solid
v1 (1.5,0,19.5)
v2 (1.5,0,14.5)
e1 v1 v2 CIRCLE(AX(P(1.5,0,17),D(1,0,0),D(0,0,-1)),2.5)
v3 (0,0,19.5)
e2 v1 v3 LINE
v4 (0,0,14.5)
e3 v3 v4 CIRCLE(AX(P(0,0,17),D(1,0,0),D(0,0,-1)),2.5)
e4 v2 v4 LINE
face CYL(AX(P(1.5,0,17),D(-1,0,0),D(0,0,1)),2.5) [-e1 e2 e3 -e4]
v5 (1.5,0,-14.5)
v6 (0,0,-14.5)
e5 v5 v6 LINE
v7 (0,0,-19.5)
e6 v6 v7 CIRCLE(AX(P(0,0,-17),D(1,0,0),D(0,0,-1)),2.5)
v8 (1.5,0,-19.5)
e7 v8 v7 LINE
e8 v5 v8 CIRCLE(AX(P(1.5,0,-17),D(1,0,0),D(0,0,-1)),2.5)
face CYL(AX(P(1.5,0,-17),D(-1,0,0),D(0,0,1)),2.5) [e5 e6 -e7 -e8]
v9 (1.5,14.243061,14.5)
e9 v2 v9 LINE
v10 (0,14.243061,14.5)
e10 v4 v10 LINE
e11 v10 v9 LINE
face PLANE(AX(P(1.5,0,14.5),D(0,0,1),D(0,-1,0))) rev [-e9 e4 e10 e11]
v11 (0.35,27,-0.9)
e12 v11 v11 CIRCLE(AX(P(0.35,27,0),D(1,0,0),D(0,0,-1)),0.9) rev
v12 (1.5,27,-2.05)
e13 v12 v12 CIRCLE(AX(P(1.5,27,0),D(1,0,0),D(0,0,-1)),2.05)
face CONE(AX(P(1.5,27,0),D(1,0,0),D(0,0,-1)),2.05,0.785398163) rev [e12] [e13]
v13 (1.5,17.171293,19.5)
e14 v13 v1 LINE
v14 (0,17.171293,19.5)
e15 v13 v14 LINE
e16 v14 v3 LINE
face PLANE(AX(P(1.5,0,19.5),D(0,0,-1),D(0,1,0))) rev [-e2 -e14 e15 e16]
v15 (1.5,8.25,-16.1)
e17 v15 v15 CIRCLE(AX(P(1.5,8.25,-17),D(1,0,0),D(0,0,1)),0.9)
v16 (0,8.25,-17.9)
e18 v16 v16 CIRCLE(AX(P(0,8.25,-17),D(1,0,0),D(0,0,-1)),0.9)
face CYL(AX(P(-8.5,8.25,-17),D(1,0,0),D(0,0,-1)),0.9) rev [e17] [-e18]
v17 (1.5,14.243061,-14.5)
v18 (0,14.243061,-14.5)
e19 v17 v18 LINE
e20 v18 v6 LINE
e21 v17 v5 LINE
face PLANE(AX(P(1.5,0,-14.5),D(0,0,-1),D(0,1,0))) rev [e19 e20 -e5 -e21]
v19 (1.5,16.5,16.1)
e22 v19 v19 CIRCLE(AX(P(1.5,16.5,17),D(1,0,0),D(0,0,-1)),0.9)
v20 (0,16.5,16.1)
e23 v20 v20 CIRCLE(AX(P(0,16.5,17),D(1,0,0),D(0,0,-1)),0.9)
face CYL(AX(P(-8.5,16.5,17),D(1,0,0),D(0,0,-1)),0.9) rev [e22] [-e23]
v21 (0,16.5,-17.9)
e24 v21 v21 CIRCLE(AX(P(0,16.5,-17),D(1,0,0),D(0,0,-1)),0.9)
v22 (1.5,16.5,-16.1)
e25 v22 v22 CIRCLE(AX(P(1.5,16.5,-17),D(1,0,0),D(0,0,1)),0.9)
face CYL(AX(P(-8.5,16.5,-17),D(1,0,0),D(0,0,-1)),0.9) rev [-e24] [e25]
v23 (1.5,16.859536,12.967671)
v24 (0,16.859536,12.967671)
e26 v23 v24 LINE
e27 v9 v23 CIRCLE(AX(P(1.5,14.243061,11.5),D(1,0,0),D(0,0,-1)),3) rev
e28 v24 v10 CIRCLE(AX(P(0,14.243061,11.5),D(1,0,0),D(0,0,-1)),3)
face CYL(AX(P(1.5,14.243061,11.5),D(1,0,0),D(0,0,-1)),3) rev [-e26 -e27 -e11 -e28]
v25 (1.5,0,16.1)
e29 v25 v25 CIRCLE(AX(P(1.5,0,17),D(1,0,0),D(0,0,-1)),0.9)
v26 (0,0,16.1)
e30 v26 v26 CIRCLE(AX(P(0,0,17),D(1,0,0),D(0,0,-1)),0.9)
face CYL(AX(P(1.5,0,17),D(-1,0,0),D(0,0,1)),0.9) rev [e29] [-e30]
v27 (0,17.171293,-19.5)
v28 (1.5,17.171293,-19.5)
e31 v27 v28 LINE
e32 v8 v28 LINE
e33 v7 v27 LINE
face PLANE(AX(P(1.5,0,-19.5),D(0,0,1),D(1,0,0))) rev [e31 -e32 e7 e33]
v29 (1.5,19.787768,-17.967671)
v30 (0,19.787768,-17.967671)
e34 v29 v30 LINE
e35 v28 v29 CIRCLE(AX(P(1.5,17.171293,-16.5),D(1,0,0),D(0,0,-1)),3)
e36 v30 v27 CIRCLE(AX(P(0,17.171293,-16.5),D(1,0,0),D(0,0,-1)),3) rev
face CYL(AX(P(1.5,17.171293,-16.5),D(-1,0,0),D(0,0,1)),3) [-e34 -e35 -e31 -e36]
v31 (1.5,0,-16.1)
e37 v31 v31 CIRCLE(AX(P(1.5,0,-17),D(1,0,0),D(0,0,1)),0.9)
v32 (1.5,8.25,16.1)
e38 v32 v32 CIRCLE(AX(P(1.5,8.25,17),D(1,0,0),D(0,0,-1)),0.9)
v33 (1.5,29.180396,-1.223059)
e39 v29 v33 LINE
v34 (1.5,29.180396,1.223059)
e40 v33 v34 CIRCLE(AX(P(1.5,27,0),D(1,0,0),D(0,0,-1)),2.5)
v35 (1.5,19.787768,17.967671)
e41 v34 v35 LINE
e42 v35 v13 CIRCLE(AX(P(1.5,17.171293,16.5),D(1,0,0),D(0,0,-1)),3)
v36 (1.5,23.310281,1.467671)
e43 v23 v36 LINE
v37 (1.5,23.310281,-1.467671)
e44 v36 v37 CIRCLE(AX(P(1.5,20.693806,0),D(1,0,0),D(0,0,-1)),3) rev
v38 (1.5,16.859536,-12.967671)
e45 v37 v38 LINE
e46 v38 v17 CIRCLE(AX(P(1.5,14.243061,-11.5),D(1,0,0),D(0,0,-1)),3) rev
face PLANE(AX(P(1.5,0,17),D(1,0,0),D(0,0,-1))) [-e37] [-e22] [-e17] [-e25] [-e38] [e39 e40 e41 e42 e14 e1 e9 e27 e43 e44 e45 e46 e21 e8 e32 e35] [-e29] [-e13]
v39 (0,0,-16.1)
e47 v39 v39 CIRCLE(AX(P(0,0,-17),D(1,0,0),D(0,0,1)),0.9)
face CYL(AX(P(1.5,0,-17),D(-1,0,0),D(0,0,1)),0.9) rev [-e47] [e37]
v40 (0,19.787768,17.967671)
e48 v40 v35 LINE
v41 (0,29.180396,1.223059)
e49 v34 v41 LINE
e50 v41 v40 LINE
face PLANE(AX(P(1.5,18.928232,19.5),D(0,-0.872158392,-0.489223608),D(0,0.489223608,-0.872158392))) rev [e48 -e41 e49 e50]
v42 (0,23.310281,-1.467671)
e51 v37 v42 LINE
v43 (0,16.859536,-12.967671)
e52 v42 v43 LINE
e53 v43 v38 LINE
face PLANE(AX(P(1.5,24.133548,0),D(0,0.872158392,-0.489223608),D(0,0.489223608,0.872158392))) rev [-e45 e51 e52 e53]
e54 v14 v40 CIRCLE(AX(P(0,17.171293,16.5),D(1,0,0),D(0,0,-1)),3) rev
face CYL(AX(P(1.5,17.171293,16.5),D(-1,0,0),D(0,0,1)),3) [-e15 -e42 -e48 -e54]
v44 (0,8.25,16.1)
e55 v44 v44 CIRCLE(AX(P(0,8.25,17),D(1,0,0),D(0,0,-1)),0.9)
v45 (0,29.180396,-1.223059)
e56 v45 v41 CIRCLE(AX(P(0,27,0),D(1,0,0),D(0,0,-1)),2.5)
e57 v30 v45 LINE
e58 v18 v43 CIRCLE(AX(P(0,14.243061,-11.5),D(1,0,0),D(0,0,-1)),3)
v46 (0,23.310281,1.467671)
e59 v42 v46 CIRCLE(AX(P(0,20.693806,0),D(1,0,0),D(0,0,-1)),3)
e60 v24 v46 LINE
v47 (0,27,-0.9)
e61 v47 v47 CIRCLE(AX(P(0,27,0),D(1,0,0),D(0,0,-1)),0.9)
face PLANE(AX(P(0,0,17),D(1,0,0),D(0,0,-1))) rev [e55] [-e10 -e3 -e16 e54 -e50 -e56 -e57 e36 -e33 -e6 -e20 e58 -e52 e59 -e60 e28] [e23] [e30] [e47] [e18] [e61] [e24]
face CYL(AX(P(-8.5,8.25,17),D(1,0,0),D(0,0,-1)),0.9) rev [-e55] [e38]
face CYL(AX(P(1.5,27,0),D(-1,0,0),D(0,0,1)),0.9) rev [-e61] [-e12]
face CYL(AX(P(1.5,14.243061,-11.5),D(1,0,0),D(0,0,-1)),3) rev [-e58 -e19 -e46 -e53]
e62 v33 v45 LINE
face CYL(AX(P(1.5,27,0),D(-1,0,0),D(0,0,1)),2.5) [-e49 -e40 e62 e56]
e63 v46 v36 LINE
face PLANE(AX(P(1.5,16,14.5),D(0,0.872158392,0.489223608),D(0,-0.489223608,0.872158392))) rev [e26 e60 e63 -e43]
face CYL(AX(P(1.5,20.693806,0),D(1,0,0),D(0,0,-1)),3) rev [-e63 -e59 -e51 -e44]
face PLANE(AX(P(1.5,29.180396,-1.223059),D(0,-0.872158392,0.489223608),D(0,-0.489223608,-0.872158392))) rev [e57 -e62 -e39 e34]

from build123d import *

# Parameters (mm, degrees)
SKETCH_1_R          = 0.9
EXTRUDE_1_DEPTH     = 1.5
FILLET_1_R          = 3
SKETCH_2_R          = 0.9
CUT_EXTRUDE_1_DEPTH = 10


with BuildPart() as part:
    # 草图1 → 凸台-拉伸1 (new body)
    with BuildSketch(Plane(origin=(0, 0, 0), x_dir=(0, 0, -1), z_dir=(1, 0, 0))):
        with BuildLine():
            Line((-14.5, 0), (-14.5, 16))
            Line((-14.5, 16), (0, 24.133548193))
            Line((0, 24.133548193), (14.5, 16))
            Line((14.5, 16), (14.5, 0))
            ThreePointArc((14.5, 0), (17, -2.5), (19.5, 0))
            Line((19.5, 0), (19.5, 18.928231824))
            Line((19.5, 18.928231824), (1.22305902, 29.180395981))
            ThreePointArc((1.22305902, 29.180395981), (0, 29.5), (-1.22305902, 29.180395981))
            Line((-1.22305902, 29.180395981), (-19.5, 18.928231824))
            Line((-19.5, 18.928231824), (-19.5, 0))
            ThreePointArc((-19.5, 0), (-17, -2.5), (-14.5, 0))
        make_face()
        with Locations((-17, 0)):
            Circle(SKETCH_1_R, mode=Mode.SUBTRACT)
        with Locations(Location((17, 0, 0), (0, 0, 180))):  # turned: the seam where the file's is
            Circle(SKETCH_1_R, mode=Mode.SUBTRACT)
        with Locations((0, 27)):
            Circle(SKETCH_1_R, mode=Mode.SUBTRACT)
    extrude(amount=EXTRUDE_1_DEPTH)

    # 圆角1
    fillet_1_edges = [part.edges().sort_by_distance(p)[0] for p in [
        (0.75, 18.928231824, 19.5),
        (0.75, 18.928231824, -19.5),
        (0.75, 16, -14.5),
        (0.75, 24.133548193, 0),
        (0.75, 16, 14.5),
    ]]
    fillet(fillet_1_edges, radius=FILLET_1_R)

    # 草图2 → 切除-拉伸1 (cut)
    with BuildSketch(Plane(origin=(1.5, 0, 0), x_dir=(0, 0, -1), z_dir=(1, 0, 0))):
        with Locations((-17, 16.5)):
            Circle(SKETCH_2_R)
        with Locations((-17, 8.25)):
            Circle(SKETCH_2_R)
        with Locations((17, 8.25)):
            Circle(SKETCH_2_R)
        with Locations((17, 16.5)):
            Circle(SKETCH_2_R)
    extrude(amount=-CUT_EXTRUDE_1_DEPTH, mode=Mode.SUBTRACT)

    # 草图3 → M2 平头机械螺钉的锥形沉头孔1 (revolve, cut)
    with BuildSketch(Plane(origin=(1.5, 27, 0), x_dir=(0, 0, -1), z_dir=(0, 1, 0))):
        Polygon((0, 0), (0, 1.5), (0.85, 1.5), (0.85, 1.2), (2.05, 0), align=None)
    revolve(axis=Axis((7.85, 27, 0), (-1, 0, 0)), mode=Mode.SUBTRACT)


solid = part.part
